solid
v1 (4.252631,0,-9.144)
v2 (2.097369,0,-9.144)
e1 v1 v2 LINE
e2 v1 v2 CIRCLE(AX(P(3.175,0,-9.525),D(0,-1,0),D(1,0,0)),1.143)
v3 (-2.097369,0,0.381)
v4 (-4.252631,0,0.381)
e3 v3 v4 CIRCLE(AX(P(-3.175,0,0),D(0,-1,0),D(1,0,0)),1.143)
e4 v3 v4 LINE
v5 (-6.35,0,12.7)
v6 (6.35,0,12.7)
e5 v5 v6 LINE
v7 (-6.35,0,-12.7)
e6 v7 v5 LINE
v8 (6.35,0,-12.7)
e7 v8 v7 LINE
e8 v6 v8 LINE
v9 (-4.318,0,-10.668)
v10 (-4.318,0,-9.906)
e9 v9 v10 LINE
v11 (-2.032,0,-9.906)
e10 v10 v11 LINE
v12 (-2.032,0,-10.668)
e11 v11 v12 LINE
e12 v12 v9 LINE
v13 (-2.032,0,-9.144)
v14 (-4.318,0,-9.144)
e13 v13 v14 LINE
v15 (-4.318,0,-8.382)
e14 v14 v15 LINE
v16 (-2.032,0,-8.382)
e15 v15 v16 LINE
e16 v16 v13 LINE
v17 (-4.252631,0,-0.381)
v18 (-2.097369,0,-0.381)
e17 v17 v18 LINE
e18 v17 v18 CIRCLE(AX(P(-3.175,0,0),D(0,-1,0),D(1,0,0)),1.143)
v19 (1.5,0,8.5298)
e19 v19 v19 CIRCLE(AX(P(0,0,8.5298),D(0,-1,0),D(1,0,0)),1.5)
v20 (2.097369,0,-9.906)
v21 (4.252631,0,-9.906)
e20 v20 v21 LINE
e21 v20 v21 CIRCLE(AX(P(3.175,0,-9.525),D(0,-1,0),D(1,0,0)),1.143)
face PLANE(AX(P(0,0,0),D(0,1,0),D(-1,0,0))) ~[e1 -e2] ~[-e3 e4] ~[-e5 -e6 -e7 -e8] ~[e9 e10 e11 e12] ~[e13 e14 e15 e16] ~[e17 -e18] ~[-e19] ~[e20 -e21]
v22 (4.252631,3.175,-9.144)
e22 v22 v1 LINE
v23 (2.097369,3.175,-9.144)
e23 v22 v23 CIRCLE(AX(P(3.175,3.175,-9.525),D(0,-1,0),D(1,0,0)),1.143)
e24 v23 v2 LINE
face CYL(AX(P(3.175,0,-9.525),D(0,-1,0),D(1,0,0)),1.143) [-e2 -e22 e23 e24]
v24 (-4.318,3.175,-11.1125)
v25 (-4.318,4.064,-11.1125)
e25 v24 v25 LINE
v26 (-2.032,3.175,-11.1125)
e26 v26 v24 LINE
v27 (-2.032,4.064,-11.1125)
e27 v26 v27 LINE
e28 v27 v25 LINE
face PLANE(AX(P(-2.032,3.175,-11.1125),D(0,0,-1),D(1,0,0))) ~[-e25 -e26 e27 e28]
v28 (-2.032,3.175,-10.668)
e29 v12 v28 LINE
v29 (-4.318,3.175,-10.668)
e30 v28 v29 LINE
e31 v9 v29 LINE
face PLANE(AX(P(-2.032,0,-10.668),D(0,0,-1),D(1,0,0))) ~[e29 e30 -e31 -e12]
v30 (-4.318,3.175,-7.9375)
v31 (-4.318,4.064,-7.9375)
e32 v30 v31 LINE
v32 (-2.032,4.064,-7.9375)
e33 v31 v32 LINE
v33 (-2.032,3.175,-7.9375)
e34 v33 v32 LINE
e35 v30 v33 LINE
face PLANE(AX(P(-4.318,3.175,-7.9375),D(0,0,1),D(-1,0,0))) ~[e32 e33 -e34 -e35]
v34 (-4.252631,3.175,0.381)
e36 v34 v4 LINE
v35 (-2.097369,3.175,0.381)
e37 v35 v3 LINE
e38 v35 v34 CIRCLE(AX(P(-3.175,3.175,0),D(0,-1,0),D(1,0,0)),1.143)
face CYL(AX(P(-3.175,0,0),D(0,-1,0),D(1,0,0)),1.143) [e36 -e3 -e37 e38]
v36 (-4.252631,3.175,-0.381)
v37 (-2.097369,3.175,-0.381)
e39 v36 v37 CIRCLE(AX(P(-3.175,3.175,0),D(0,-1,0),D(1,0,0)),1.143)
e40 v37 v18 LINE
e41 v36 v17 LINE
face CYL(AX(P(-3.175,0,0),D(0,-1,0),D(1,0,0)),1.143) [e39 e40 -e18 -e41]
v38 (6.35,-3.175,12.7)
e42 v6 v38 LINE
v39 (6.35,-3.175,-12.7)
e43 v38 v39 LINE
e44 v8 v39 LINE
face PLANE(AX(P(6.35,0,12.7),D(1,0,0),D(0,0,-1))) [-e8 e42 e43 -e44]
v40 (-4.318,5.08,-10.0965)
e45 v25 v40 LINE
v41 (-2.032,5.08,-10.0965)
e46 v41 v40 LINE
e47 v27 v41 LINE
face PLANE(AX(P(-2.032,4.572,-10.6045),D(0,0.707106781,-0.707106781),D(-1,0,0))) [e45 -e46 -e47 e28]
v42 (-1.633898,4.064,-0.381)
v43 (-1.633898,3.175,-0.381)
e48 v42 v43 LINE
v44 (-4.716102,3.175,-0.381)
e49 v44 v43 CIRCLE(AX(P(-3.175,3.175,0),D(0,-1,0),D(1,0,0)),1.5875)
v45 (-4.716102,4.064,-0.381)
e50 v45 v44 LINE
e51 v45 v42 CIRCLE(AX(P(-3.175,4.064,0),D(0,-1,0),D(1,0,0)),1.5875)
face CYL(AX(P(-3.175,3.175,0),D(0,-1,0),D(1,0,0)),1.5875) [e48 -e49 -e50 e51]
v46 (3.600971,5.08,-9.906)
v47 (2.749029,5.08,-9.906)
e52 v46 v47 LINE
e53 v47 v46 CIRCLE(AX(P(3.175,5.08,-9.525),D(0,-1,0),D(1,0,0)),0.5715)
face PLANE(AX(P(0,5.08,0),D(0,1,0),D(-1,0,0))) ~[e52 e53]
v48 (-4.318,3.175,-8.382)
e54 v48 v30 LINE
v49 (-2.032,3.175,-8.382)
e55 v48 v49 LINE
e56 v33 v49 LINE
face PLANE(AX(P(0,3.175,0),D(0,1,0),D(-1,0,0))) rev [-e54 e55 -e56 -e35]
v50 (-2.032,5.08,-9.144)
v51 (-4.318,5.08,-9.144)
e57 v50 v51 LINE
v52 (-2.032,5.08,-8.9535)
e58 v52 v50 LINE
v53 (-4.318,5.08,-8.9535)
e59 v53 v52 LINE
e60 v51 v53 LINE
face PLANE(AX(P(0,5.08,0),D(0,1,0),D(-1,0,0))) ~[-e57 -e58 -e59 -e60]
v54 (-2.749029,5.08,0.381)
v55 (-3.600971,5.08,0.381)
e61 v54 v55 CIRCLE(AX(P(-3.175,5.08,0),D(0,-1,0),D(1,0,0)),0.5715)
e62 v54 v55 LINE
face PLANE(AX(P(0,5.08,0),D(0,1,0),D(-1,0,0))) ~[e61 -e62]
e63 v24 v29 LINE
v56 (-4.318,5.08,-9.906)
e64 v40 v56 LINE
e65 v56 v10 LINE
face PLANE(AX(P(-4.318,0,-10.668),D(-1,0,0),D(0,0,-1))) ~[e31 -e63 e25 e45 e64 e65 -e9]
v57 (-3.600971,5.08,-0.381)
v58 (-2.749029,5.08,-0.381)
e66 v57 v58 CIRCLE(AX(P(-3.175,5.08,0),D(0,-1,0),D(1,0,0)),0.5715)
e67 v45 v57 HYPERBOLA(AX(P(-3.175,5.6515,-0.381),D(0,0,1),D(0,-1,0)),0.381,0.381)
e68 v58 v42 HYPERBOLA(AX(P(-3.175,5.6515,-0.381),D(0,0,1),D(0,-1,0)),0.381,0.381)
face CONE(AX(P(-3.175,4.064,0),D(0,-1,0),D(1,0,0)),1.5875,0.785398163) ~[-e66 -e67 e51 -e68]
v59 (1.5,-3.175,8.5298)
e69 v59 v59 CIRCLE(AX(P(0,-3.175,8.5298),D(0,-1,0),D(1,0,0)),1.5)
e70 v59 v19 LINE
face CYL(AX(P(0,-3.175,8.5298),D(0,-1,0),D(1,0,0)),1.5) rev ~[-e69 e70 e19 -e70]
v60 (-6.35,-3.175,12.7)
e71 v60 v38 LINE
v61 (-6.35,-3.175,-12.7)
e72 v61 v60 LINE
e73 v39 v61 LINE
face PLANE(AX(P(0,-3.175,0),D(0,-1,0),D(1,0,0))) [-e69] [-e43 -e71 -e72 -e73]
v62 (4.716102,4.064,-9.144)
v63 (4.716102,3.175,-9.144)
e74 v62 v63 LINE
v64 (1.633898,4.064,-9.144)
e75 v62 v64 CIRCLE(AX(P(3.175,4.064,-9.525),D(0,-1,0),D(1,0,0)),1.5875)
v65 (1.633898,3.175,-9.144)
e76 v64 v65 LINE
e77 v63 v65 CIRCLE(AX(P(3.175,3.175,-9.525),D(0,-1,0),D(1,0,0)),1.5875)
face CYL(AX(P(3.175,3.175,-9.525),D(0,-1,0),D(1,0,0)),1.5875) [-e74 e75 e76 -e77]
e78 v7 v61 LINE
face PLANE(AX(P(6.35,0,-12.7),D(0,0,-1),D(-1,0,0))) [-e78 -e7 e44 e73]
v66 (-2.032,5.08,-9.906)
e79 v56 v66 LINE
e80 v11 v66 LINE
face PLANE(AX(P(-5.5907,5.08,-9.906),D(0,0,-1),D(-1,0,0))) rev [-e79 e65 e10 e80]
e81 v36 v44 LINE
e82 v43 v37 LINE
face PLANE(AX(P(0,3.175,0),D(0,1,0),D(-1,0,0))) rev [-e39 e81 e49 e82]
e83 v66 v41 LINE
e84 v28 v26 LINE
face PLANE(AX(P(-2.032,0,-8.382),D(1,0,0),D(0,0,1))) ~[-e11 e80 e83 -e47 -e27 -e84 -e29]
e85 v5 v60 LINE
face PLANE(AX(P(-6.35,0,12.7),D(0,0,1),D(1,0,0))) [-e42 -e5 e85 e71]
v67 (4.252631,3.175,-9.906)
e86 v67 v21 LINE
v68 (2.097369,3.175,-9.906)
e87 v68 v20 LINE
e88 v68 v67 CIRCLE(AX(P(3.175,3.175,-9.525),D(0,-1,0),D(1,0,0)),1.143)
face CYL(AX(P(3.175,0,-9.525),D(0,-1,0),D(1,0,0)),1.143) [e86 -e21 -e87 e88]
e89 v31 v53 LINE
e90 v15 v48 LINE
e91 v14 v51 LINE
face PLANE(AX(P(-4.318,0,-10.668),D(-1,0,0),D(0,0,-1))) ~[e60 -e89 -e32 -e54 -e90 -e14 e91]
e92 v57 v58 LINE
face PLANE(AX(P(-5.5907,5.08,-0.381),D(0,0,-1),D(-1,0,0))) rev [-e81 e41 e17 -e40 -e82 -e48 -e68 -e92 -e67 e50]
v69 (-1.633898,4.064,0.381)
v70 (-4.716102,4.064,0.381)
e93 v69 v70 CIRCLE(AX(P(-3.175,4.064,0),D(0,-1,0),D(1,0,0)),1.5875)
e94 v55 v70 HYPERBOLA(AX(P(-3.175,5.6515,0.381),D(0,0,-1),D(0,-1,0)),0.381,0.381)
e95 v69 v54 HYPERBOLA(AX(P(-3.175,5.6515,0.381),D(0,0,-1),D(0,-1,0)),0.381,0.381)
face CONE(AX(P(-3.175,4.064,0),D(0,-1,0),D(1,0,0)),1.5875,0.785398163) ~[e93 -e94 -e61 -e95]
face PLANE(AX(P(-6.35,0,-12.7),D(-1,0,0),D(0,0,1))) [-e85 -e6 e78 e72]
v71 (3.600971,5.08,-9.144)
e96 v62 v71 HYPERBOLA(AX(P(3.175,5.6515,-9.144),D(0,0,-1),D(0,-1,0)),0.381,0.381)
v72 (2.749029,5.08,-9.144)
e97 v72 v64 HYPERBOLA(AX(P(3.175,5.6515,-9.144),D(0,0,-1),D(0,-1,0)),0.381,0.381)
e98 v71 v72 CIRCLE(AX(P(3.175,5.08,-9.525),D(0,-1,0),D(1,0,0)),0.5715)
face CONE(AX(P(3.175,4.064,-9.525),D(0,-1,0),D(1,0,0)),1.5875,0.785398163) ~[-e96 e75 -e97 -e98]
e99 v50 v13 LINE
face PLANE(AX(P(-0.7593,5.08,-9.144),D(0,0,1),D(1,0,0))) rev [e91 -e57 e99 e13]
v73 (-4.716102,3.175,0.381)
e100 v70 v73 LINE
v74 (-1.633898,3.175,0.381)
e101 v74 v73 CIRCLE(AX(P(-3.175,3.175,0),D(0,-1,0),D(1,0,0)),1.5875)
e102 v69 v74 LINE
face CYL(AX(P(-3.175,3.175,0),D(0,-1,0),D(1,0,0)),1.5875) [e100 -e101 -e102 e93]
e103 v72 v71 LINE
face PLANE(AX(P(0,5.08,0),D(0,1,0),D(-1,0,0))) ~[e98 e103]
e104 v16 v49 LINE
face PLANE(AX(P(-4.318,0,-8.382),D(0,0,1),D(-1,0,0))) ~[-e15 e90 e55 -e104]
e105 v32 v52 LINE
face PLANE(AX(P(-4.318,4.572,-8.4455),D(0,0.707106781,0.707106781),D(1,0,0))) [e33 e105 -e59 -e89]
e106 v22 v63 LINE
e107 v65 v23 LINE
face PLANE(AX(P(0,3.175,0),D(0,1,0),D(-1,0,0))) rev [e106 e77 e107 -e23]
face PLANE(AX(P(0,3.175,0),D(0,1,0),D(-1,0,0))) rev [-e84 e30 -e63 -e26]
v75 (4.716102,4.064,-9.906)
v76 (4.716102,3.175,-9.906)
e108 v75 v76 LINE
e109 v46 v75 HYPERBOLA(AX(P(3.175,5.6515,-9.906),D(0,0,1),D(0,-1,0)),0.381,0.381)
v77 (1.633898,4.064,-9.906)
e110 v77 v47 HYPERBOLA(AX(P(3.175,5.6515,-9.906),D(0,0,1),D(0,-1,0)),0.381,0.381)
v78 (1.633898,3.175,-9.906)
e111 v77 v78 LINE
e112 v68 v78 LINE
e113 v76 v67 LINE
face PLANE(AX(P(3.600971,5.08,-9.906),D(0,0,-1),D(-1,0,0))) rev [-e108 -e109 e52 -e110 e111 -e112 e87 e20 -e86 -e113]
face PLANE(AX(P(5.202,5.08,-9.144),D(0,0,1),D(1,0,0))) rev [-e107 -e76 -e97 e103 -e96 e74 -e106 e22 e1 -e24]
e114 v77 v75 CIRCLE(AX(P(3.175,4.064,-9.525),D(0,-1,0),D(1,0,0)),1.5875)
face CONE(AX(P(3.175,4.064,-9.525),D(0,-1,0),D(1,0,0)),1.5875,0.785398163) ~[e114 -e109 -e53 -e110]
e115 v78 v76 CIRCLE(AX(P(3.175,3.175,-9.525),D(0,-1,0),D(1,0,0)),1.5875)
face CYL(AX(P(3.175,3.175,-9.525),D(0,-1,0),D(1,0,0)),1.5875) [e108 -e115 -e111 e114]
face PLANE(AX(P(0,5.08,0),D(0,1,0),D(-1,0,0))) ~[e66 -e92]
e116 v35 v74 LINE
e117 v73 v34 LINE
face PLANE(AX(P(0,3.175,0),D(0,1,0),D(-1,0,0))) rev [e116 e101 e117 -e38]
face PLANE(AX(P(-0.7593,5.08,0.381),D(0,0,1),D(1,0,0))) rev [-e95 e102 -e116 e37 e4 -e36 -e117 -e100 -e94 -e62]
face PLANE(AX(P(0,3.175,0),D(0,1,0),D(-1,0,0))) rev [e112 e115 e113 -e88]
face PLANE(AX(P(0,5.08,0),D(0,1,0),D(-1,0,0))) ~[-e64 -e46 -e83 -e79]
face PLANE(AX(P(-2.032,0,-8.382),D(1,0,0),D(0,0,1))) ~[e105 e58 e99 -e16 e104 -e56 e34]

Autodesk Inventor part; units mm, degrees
ref_plane "YZ Plane" through (0, 0, 0) normal (1, 0, 0) x (0, 1, 0)
ref_plane "XZ Plane" through (0, 0, 0) normal (0, 1, 0) x (-1, 0, 0)
ref_plane "XY Plane" through (0, 0, 0) normal (0, 0, 1) x (1, 0, 0)
sketch "Sketch1" plane through (0, 0, 0) normal (0, 1, 0) x (-1, 0, 0)
  line L0 (-6.35, 12.7) -> (-6.35, -12.7)
  line L1 (-6.35, -12.7) -> (6.35, -12.7)
  line L2 (6.35, -12.7) -> (6.35, 12.7)
  line L3 (6.35, 12.7) -> (-6.35, 12.7)
  line L4 (-6.35, 12.7) -> (6.35, -12.7) construction
  line L5 (-6.35, -12.7) -> (6.35, 12.7) construction
  line L6 (-6.35, 12.7) -> (19.05, 12.7) construction
  point P0 (0, 0)
  dimension "d0" = 25.4
  dimension "d1" = 90
  dimension "d2" = 12.7
extrude "Baseplate" add sketch "Sketch1" against normal blind 3.175
sketch "Sketch2" plane through (0, -3.175, 0) normal (0, -1, 0) x (1, 0, 0)
  circle A0 centre (3.175, -9.525) radius 1.143
  circle A1 centre (-3.175, 0) radius 1.143
  circle A2 centre (0, 8.5298) radius 1.5
  line L0 (-4.318, -8.382) -> (-2.032, -8.382)
  line L1 (-2.032, -8.382) -> (-2.032, -10.668)
  line L2 (-2.032, -10.668) -> (-4.318, -10.668)
  line L3 (-4.318, -10.668) -> (-4.318, -8.382)
  line L4 (-4.318, -8.382) -> (-2.032, -10.668) construction
  line L5 (-2.032, -8.382) -> (-4.318, -10.668) construction
  point P0 (0, 0)
  point P1 (-3.175, -9.525)
  dimension "d5" = 2.286
  dimension "d6" = 2.286
  dimension "d7" = 3
  dimension "d8" = 2.286
extrude "BoltHole" cut sketch "Sketch2" against normal blind 3.175 contours A2
extrude "Extrusion3" add sketch "Sketch2" along normal blind 3.175 contours A0 | A1 | L0 L1 L2 L3
sketch "Sketch3" plane through (0, -6.35, 0) normal (0, -1, 0) x (1, 0, 0)
  line L0 (-2.032, -11.1125) -> (-4.318, -11.1125)
  line L1 (-4.318, -11.1125) -> (-4.318, -7.9375)
  line L2 (-4.318, -7.9375) -> (-2.032, -7.9375)
  line L3 (-2.032, -7.9375) -> (-2.032, -11.1125)
  line L4 (-2.032, -11.1125) -> (-4.318, -7.9375) construction
  line L5 (-4.318, -11.1125) -> (-2.032, -7.9375) construction
  circle A0 centre (-3.175, 0) radius 1.143 projected
  circle A1 centre (-3.175, 0) radius 1.5875
  circle A2 centre (3.175, -9.525) radius 1.5875
  point P0 (0, 0)
  point P1 (-3.175, -9.525)
  dimension "d13" = 2.286
  dimension "d14" = 3.175
  dimension "d15" = 3.175
  dimension "d16" = 3.175
extrude "Extrusion4" add sketch "Sketch3" along normal blind 1.905 contours L0 L1 L2 L3 | A0 | A1 | A2
chamfer "Chamfer1" distance 1.016 angle 45 4 edges at (-4.7625, -8.255, 0) (1.5875, -8.255, -9.525) (-3.175, -8.255, -7.9375) (-3.175, -8.255, -11.1125)
sketch "Sketch4" plane through (0, -8.255, 0) normal (0, -1, 0) x (1, 0, 0)
  line L0 (5.202, -9.144) -> (1.148, -9.144)
  line L1 (1.148, -9.144) -> (1.148, -9.906)
  line L2 (1.148, -9.906) -> (5.202, -9.906)
  line L3 (5.202, -9.906) -> (5.202, -9.144)
  circle A0 centre (3.175, -9.525) radius 0.5715 projected
  line L4 (5.202, -9.144) -> (1.148, -9.906) construction
  line L5 (1.148, -9.144) -> (5.202, -9.906) construction
  line L6 (-0.7593, 0.381) -> (-5.5907, 0.381)
  line L7 (-5.5907, 0.381) -> (-5.5907, -0.381)
  line L8 (-5.5907, -0.381) -> (-0.7593, -0.381)
  line L9 (-0.7593, -0.381) -> (-0.7593, 0.381)
  line L10 (-0.7593, 0.381) -> (-5.5907, -0.381) construction
  line L11 (-5.5907, 0.381) -> (-0.7593, -0.381) construction
  line L12 (-5.5907, -9.906) -> (-0.7593, -9.906)
  line L13 (-0.7593, -9.906) -> (-0.7593, -9.144)
  line L14 (-0.7593, -9.144) -> (-5.5907, -9.144)
  line L15 (-5.5907, -9.144) -> (-5.5907, -9.906)
  line L16 (-5.5907, -9.906) -> (-0.7593, -9.144) construction
  line L17 (-0.7593, -9.906) -> (-5.5907, -9.144) construction
  point P0 (0, 0)
  point P1 (-3.175, 0)
  point P2 (-3.175, -9.525)
  dimension "d24" = 0.762
  dimension "d25" = 0.762
extrude "Extrusion5" cut sketch "Sketch4" against normal blind 5.08 contours L3 L2 A0 L0 | A0 L2 L0 | A0 L2 L1 L0 | L9 L8 L7 L6 | L15 L14 L13 L12
ref_plane "Work Plane1" through (0, -1.5875, 0) normal (0, 1, 0) x (1, 0, 0)
mirror "Mirror1" about plane through (0, -1.5875, 0) normal (0, 1, 0) of "Extrusion3", "Extrusion4", "Chamfer1", "Extrusion5"
sketch "Sketch5" plane through (0, -3.175, 0) normal (0, -1, 0) x (1, 0, 0)
  line L0 (-6.35, 12.7) -> (-6.35, -12.7) projected
  line L1 (6.35, 12.7) -> (6.35, -12.7) projected
  line L2 (-6.35, -12.7) -> (6.35, -12.7)
  line L3 (6.35, -12.7) -> (6.35, 12.7)
  line L4 (6.35, 12.7) -> (-6.35, 12.7)
  line L5 (-6.35, 12.7) -> (-6.35, -12.7)
  point P0 (0, 0)
extrude "Extrusion6" cut sketch "Sketch5" along normal blind 6.0325
properties part number "MirrorBaseplate"
